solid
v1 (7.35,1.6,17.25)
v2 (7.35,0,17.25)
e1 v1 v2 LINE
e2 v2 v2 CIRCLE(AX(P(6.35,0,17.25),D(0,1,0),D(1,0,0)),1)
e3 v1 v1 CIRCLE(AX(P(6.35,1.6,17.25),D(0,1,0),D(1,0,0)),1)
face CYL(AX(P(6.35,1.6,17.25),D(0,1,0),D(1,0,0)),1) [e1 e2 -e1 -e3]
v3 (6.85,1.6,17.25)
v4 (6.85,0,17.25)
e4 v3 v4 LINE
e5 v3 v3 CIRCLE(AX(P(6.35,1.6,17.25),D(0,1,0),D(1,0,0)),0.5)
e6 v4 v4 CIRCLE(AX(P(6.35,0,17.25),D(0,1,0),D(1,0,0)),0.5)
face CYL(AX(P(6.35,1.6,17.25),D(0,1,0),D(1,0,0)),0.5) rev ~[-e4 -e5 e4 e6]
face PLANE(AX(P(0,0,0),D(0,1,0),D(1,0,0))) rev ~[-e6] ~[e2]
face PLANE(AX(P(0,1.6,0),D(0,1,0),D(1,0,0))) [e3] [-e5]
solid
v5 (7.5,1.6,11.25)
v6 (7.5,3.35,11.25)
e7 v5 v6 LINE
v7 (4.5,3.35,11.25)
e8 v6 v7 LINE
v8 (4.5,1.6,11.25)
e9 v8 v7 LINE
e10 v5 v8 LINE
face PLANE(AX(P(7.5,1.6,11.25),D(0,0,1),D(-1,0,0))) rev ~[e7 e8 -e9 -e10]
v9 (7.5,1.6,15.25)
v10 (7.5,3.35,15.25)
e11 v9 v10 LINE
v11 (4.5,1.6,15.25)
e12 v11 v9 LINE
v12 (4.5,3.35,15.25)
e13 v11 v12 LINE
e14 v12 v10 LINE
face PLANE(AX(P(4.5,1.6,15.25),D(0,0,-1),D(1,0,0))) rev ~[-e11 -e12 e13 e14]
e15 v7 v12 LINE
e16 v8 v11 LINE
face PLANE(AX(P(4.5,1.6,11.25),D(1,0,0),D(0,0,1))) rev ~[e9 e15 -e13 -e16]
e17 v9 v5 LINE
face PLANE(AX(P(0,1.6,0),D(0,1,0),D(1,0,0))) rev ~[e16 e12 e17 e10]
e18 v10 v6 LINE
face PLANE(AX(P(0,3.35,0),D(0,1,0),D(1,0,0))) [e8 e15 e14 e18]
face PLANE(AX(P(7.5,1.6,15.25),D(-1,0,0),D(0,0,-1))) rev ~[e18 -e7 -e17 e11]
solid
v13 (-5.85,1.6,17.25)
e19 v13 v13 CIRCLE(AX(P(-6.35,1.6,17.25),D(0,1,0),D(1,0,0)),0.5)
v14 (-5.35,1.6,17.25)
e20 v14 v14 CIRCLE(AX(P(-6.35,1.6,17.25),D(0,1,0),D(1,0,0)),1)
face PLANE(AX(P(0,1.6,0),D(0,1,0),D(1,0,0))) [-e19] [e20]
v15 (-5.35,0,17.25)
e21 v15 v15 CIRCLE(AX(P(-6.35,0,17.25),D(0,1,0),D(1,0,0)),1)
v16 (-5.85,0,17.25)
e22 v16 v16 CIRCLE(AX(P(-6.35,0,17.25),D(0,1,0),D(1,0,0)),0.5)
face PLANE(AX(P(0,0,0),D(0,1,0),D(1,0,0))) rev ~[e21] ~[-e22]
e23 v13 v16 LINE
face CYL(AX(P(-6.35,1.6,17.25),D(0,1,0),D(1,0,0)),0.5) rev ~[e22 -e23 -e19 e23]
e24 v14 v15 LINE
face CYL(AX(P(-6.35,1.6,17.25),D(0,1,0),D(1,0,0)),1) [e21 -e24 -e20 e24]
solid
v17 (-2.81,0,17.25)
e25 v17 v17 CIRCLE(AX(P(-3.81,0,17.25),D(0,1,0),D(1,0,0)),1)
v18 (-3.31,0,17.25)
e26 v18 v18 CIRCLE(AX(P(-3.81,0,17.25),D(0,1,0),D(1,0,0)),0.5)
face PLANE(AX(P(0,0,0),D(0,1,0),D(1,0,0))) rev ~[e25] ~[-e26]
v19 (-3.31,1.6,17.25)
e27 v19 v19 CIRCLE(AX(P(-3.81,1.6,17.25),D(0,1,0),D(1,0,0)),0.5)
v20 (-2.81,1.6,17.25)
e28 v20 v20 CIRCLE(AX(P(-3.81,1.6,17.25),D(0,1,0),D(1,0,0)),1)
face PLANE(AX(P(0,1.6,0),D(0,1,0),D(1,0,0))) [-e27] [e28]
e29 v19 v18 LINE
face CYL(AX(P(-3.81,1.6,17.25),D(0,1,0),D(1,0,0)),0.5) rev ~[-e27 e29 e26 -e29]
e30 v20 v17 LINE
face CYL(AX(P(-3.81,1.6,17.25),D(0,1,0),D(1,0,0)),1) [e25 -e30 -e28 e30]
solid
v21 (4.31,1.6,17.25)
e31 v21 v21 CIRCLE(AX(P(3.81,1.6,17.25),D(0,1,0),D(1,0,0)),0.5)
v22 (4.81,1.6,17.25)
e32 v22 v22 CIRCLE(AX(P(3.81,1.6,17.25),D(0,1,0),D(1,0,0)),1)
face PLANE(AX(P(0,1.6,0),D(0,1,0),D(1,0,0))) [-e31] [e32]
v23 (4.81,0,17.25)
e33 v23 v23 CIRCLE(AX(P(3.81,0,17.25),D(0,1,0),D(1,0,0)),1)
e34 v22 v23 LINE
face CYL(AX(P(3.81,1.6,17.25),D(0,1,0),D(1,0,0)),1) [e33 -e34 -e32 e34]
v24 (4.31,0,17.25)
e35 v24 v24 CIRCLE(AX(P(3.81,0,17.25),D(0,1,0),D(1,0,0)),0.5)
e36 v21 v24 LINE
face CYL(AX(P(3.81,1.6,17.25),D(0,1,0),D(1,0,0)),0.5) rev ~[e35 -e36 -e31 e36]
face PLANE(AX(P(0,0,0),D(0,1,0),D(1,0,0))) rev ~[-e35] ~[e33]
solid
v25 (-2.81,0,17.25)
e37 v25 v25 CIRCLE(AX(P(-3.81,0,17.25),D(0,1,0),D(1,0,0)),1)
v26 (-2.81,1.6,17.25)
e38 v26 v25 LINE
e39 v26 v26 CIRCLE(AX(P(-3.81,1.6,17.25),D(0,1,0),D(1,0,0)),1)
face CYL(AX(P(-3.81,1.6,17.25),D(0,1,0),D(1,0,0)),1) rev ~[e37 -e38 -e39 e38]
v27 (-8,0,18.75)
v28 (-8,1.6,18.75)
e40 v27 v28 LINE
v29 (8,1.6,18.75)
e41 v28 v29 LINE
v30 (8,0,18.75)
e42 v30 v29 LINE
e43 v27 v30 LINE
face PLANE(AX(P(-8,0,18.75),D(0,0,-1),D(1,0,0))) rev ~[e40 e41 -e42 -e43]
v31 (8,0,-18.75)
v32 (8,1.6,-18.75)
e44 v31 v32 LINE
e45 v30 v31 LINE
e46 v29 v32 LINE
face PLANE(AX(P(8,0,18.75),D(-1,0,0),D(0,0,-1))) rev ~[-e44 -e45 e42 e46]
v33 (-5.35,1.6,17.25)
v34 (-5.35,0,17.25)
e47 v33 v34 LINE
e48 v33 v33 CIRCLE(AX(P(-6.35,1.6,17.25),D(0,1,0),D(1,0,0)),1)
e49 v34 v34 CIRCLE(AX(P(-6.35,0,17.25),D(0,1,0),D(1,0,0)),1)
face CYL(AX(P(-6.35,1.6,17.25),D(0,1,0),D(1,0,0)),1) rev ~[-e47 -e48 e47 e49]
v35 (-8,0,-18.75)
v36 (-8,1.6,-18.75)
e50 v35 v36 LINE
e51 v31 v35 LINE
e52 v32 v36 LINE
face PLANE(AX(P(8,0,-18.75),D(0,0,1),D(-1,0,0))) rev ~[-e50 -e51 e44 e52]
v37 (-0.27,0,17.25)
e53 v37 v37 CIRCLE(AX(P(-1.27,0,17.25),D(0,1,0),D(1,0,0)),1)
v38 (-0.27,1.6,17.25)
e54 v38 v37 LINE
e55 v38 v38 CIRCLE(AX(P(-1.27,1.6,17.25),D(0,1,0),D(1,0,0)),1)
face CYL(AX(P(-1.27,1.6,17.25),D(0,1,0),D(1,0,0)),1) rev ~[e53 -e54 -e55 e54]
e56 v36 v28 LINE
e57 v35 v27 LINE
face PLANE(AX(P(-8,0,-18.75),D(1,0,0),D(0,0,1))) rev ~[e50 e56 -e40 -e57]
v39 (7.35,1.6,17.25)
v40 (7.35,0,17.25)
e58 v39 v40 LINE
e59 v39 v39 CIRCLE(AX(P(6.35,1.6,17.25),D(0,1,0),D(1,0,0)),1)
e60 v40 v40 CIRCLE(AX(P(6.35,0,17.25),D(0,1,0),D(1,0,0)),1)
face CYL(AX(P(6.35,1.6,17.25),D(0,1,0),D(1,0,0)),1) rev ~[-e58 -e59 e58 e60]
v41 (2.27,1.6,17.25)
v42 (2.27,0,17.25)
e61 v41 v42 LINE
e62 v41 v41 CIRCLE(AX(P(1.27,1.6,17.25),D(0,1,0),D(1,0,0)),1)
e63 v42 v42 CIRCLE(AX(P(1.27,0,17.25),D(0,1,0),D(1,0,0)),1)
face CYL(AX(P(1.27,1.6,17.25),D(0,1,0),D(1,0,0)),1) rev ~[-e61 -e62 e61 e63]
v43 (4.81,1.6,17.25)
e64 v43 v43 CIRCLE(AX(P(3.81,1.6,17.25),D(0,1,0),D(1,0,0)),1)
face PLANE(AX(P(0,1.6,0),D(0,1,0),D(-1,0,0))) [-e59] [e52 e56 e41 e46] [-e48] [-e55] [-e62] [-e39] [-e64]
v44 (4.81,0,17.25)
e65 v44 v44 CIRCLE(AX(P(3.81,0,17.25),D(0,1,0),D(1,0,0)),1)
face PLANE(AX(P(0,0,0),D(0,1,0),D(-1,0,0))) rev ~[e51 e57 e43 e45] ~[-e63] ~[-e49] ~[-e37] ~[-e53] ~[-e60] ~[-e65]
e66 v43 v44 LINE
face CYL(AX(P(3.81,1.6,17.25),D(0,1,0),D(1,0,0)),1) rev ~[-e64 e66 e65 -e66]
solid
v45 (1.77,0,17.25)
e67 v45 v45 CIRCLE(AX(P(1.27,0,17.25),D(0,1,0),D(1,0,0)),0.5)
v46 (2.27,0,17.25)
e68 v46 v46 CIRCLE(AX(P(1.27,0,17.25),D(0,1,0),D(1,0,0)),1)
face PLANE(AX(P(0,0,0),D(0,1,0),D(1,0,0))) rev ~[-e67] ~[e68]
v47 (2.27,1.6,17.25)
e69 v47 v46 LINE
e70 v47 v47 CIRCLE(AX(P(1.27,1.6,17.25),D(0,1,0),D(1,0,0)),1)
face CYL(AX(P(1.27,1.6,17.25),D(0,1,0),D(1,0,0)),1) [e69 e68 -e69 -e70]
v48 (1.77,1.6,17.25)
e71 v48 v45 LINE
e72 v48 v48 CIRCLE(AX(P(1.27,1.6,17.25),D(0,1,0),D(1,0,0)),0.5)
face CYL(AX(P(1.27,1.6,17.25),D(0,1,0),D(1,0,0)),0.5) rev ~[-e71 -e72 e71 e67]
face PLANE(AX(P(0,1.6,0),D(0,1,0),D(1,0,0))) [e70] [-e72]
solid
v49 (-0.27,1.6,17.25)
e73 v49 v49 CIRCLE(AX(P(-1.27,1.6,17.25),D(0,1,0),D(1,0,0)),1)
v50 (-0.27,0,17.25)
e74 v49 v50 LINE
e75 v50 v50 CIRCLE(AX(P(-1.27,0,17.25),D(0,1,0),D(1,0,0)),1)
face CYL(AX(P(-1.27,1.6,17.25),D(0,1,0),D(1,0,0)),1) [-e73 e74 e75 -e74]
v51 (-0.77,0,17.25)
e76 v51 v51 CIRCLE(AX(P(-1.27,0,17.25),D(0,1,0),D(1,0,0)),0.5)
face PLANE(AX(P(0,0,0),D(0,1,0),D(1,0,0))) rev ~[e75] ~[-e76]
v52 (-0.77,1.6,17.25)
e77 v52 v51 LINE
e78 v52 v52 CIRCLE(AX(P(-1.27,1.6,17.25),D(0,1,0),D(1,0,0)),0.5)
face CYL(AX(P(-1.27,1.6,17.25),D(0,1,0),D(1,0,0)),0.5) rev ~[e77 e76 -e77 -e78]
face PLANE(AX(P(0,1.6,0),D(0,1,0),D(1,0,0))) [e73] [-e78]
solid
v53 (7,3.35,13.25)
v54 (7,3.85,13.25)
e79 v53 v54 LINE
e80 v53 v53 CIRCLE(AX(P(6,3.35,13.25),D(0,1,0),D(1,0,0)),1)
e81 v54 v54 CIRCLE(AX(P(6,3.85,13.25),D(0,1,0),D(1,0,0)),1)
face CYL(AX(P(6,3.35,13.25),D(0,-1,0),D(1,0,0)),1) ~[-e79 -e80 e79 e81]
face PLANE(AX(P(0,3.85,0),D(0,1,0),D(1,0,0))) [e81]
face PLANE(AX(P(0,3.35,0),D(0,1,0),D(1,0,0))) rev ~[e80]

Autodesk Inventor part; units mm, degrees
ref_plane "YZ Plane" through (0, 0, 0) normal (1, 0, 0) x (0, 1, 0)
ref_plane "XZ Plane" through (0, 0, 0) normal (0, 1, 0) x (-1, 0, 0)
ref_plane "XY Plane" through (0, 0, 0) normal (0, 0, 1) x (1, 0, 0)
sketch "Sketch1" plane through (0, 0, 0) normal (0, 1, 0) x (-1, 0, 0)
  line L0 (-8, -18.75) -> (8, -18.75)
  line L1 (8, -18.75) -> (8, 18.75)
  line L2 (8, 18.75) -> (-8, 18.75)
  line L3 (-8, 18.75) -> (-8, -18.75)
  line L4 (-8, -18.75) -> (8, 18.75) construction
  line L5 (8, -18.75) -> (-8, 18.75) construction
  point P0 (0, 0)
  dimension "d0" = 16
  dimension "d1" = 37.5
extrude "Extrusion1" add sketch "Sketch1" along normal blind 1.6
sketch "Sketch2" plane through (0, 1.6, 0) normal (0, 1, 0) x (1, 0, 0)
  line L0 (4.5, -15.25) -> (7.5, -15.25)
  line L1 (7.5, -15.25) -> (7.5, -11.25)
  line L2 (7.5, -11.25) -> (4.5, -11.25)
  line L3 (4.5, -11.25) -> (4.5, -15.25)
  line L4 (8, -18.75) -> (8, 18.75) projected
  line L5 (-8, -18.75) -> (8, -18.75) projected
  point P0 (0, 0)
  dimension "d4" = 3
  dimension "d5" = 4
  dimension "d6" = 0.5
  dimension "d7" = 3.5
extrude "Extrusion2" add sketch "Sketch2" along normal blind 1.75 separate body
sketch "Sketch3" plane through (0, 3.35, 0) normal (0, 1, 0) x (1, 0, 0)
  circle A0 centre (6, -13.25) radius 1
  line L0 (7.5, -11.25) -> (4.5, -11.25) projected
  line L1 (4.5, -11.25) -> (4.5, -15.25) projected
  point P0 (0, 0)
  point P1 (6, -11.25)
  point P2 (4.5, -13.25)
  dimension "d10" = 2
extrude "Extrusion3" add sketch "Sketch3" along normal blind 0.5 separate body
sketch "Sketch4" plane through (0, 1.6, 0) normal (0, 1, 0) x (1, 0, 0)
  line L0 (0, 0) -> (0, -4.1131)
  circle A0 centre (1.27, -17.25) radius 0.5
  circle A1 centre (1.27, -17.25) radius 1
  circle A2 centre (3.81, -17.25) radius 0.5
  circle A3 centre (3.81, -17.25) radius 1
  circle A4 centre (6.35, -17.25) radius 0.5
  circle A5 centre (6.35, -17.25) radius 1
  line L1 (-8, -18.75) -> (8, -18.75) projected
  circle A6 centre (-1.27, -17.25) radius 0.5
  circle A7 centre (-1.27, -17.25) radius 1
  circle A8 centre (-3.81, -17.25) radius 0.5
  circle A9 centre (-3.81, -17.25) radius 1
  circle A10 centre (-6.35, -17.25) radius 0.5
  circle A11 centre (-6.35, -17.25) radius 1
  dimension "d13" = 2.54
  dimension "d14" = 2.54
  dimension "d15" = 1.27
  dimension "d16" = 1
  dimension "d17" = 2
  dimension "d20" = 1.5
extrude "Extrusion4" cut sketch "Sketch4" against normal through all contours A0 | A1 | A2 | A3 | A4 | A5 | A6 | A7 | A8 | A9 | A10 | A11 bodies 1
extrude "Extrusion5" add sketch "Sketch4" against normal up to surface (1.6 mm away) separate body
properties part number "ZS-040"
